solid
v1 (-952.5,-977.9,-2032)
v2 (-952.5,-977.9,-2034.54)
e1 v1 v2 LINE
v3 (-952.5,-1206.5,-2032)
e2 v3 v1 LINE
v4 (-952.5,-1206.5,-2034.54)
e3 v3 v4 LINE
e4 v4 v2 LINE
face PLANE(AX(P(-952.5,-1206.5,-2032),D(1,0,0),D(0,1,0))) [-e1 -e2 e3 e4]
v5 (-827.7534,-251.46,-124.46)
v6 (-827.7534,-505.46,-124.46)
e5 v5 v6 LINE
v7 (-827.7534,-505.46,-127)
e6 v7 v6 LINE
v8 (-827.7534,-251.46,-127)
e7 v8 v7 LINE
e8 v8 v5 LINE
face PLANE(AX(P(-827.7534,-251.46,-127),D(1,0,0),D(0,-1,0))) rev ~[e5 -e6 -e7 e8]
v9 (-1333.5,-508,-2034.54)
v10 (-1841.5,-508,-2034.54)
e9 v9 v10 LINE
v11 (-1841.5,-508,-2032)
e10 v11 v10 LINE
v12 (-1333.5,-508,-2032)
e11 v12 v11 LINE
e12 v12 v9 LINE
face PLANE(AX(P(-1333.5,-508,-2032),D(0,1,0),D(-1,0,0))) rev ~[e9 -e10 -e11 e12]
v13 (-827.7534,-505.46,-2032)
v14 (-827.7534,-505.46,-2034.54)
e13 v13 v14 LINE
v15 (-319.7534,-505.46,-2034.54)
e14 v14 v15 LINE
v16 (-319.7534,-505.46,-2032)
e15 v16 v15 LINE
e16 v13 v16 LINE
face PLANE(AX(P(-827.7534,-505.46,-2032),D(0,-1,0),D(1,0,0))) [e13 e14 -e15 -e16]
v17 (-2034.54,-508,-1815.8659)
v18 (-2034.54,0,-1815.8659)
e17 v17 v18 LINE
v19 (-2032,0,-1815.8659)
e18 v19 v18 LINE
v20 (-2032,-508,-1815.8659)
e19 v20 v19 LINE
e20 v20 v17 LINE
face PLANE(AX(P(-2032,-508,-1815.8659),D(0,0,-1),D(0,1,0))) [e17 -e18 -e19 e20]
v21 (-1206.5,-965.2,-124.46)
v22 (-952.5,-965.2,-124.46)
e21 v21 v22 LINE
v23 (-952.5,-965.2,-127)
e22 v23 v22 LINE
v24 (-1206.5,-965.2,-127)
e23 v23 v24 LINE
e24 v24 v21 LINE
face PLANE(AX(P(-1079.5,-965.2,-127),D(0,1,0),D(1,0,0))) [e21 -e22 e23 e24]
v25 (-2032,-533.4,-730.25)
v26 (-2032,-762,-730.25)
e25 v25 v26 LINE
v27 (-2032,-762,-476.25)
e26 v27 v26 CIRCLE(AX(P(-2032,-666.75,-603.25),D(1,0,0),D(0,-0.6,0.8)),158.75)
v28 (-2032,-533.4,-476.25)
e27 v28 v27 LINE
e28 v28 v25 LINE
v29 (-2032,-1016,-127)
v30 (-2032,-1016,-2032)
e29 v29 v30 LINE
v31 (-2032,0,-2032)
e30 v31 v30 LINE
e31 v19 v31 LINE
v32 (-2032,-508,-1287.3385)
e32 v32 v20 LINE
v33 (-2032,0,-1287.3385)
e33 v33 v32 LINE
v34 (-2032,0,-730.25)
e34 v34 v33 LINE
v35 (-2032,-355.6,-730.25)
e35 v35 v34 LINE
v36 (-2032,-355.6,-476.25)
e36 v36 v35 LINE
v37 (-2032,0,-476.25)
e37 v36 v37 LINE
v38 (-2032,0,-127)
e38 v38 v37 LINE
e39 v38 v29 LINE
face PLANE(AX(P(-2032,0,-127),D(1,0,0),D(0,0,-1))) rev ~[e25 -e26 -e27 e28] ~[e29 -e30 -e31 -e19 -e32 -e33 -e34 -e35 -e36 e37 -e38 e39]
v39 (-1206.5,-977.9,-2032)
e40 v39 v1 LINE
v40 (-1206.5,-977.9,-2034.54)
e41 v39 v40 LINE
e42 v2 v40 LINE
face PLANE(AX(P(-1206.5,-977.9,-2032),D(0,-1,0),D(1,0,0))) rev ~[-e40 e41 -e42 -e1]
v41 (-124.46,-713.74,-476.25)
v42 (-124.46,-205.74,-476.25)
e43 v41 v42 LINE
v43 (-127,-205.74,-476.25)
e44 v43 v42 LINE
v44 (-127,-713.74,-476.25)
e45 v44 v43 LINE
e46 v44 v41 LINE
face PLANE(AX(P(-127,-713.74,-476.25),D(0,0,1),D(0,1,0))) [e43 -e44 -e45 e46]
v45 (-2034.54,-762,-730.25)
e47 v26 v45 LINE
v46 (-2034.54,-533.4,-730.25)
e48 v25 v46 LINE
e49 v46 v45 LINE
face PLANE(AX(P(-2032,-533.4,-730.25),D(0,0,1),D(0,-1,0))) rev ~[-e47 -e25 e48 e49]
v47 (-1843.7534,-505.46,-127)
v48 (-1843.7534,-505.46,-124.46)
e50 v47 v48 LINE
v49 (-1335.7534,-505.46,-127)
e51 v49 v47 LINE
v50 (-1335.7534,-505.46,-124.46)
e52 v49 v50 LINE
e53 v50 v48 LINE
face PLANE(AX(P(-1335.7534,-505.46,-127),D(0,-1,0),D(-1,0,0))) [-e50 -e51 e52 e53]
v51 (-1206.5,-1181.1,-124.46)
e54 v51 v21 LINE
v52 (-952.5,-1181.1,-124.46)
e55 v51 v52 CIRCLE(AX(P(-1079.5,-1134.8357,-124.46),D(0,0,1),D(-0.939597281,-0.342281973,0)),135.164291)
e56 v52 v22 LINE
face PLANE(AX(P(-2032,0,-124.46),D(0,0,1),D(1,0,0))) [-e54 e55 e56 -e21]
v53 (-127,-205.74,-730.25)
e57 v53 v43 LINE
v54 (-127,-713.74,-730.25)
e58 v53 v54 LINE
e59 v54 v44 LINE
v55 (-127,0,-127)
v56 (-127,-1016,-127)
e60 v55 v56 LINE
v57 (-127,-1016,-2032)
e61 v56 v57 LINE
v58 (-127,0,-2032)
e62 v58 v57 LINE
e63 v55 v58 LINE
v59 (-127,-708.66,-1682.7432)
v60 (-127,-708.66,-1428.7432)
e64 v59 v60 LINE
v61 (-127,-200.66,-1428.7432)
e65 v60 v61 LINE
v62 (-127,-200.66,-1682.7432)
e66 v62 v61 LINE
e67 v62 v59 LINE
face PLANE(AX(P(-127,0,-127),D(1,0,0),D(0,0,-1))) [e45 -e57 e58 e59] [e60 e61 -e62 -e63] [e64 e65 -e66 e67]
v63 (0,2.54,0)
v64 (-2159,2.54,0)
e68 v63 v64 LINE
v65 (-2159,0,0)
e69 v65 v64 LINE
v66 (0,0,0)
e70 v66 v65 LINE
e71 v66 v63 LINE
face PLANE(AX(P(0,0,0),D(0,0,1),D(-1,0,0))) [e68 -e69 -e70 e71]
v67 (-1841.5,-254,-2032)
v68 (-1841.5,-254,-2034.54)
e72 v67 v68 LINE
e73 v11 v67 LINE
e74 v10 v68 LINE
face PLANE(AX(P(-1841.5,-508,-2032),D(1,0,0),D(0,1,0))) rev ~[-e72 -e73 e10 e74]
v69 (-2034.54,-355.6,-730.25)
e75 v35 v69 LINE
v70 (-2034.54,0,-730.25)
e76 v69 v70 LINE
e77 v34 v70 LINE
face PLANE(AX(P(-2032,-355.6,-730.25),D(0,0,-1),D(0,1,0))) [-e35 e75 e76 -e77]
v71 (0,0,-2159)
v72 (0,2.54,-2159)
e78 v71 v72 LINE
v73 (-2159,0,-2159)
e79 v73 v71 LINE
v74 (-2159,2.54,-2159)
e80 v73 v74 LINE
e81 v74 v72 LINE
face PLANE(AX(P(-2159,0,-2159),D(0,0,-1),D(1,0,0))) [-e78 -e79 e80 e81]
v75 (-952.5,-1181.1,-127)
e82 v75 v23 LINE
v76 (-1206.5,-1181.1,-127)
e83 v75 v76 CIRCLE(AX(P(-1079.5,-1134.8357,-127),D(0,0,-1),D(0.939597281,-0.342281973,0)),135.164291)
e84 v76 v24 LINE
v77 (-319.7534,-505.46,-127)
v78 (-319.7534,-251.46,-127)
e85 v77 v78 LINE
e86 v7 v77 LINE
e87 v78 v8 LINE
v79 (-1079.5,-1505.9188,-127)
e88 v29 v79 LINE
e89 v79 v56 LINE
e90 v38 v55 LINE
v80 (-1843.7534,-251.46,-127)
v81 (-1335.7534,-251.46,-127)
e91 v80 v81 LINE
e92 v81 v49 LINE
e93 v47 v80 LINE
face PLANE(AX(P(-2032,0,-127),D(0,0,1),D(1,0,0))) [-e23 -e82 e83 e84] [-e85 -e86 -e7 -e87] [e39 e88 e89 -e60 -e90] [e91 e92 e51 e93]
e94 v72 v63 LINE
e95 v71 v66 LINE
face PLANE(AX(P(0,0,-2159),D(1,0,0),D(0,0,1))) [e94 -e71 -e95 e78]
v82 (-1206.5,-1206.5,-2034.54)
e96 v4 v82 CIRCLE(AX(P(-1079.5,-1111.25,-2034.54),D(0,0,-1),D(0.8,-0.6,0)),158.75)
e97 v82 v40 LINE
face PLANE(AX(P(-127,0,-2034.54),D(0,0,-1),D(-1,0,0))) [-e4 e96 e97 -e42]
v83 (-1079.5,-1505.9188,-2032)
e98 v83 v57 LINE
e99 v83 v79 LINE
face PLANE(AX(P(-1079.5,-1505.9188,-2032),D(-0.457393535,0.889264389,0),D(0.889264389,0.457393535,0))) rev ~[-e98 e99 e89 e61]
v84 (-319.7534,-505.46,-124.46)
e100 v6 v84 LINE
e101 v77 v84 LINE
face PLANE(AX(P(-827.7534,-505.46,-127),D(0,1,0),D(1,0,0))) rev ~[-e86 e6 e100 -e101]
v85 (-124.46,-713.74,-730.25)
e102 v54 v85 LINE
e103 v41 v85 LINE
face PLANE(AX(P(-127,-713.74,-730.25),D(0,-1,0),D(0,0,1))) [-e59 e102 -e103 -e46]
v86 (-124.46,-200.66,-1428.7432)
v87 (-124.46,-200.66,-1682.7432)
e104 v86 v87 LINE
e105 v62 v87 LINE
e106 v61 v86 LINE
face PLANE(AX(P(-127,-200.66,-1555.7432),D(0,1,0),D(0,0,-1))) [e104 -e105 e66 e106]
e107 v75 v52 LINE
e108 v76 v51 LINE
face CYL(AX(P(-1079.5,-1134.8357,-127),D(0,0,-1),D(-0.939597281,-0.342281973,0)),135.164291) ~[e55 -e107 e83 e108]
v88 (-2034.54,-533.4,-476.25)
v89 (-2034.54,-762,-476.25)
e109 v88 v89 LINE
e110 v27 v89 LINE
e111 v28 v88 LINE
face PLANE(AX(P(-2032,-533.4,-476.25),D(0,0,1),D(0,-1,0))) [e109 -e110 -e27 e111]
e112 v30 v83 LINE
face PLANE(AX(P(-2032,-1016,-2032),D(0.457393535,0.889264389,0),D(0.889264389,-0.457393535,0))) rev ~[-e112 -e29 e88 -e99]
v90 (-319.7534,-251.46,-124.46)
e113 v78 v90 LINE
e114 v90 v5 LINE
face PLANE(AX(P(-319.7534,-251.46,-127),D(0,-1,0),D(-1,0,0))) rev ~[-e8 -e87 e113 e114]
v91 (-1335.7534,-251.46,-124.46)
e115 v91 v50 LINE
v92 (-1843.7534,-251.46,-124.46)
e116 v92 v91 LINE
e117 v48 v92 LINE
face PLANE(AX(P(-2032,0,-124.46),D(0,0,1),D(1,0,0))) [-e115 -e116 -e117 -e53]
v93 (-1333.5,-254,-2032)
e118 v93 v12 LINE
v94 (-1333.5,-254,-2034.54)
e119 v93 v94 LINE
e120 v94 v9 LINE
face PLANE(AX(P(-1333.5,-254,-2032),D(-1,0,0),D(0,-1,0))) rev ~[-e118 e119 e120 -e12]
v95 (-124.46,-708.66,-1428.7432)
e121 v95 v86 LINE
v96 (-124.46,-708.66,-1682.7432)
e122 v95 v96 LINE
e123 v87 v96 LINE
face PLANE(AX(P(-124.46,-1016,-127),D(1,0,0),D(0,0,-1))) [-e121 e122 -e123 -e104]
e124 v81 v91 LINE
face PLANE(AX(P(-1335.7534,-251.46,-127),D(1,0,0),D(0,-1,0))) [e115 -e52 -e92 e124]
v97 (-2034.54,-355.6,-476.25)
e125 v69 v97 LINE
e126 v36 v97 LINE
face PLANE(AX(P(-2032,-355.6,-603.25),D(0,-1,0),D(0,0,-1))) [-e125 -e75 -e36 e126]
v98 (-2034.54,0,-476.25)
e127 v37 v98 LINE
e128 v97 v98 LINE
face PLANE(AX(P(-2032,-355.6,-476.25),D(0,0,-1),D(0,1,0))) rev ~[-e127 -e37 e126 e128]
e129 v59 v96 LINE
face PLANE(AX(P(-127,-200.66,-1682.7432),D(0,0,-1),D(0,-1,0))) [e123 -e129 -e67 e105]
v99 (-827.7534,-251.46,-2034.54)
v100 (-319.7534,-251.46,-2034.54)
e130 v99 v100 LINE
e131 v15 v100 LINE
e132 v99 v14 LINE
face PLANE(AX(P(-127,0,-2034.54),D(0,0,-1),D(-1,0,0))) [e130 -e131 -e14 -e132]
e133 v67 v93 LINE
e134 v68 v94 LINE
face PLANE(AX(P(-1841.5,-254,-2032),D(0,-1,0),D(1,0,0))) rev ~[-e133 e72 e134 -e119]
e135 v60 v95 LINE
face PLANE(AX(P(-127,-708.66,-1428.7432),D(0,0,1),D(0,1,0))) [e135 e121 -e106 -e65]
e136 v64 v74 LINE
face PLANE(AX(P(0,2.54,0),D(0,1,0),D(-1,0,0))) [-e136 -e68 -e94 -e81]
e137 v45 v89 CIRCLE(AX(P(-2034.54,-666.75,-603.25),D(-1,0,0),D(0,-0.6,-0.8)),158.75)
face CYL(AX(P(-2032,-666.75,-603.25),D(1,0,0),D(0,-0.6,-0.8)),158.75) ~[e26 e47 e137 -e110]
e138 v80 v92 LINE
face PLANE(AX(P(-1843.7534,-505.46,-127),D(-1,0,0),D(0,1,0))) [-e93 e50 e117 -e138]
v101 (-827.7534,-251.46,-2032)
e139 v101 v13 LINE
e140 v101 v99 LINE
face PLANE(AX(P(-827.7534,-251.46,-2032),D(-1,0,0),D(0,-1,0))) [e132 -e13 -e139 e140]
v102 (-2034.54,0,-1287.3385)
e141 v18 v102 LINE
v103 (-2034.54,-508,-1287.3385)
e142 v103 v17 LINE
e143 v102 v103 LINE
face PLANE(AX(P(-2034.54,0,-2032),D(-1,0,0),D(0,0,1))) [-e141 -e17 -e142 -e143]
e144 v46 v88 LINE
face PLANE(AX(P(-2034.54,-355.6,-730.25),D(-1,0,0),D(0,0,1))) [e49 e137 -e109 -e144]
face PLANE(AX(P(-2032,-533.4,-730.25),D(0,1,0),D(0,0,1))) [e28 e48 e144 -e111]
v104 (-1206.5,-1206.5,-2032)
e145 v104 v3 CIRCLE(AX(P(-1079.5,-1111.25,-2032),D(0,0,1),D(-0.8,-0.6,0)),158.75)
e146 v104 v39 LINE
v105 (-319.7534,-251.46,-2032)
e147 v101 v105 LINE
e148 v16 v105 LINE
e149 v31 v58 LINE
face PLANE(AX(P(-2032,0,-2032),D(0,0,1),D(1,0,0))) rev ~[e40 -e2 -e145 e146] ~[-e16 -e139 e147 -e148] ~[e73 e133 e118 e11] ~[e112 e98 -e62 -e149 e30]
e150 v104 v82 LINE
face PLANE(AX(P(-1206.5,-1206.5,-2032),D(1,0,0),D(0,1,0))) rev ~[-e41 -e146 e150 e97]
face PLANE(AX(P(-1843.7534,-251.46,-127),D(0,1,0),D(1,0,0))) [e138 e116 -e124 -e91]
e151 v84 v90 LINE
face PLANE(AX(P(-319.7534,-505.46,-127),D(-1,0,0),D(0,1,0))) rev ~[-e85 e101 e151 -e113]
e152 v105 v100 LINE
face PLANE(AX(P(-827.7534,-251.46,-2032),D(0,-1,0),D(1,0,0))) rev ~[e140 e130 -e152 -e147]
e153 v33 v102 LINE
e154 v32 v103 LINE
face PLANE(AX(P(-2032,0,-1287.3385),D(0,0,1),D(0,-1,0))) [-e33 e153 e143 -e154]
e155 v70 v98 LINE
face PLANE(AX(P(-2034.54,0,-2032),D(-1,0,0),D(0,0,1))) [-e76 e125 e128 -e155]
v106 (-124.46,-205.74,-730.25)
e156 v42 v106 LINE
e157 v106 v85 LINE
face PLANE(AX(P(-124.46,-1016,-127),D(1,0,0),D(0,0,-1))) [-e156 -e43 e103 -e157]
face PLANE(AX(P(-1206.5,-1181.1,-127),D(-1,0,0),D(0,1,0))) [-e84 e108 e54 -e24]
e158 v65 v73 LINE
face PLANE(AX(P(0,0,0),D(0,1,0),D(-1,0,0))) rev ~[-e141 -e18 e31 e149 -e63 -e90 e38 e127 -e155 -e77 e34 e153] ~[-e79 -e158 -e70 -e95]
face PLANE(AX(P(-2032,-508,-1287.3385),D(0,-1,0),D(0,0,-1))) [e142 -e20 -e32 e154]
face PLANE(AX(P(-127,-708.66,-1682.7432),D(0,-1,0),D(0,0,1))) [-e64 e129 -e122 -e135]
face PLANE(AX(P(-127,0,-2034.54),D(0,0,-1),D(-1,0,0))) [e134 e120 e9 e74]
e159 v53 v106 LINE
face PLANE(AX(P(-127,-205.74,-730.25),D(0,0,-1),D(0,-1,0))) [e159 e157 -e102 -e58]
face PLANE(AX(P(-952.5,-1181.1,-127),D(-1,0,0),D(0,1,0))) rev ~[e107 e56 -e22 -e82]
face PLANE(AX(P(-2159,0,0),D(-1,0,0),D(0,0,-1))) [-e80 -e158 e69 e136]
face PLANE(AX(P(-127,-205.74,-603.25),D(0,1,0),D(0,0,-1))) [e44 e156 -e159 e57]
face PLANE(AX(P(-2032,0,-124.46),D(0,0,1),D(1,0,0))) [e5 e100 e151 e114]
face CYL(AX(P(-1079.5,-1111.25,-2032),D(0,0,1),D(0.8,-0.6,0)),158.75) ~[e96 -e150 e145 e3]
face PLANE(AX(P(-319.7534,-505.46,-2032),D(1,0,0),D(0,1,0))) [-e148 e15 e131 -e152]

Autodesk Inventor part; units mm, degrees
ref_plane "YZ Plane" through (0, 0, 0) normal (1, 0, 0) x (0, 1, 0)
ref_plane "XZ Plane" through (0, 0, 0) normal (0, 1, 0) x (-1, 0, 0)
ref_plane "XY Plane" through (0, 0, 0) normal (0, 0, 1) x (1, 0, 0)
sketch "Sketch2" plane through (0, 0, 0) normal (0, 1, 0) x (-1, 0, 0)
  line L0 (0, 0) -> (2159, 0)
  line L1 (2159, 0) -> (2159, -2159)
  line L2 (2159, -2159) -> (0, -2159)
  line L3 (0, -2159) -> (0, 0)
  dimension "d3" = 2159
  dimension "d4" = 2159
  dimension "d5" = 2159
  dimension "d6" = 2159
sketch "Sketch4" plane through (0, 0, 0) normal (0, 1, 0) x (-1, 0, 0)
  line L0 (0, 0) -> (0, -127)
  line L1 (2032, -127) -> (2032, -2032)
  line L2 (2032, -127) -> (127, -127)
  line L3 (127, -127) -> (127, -2032)
  line L4 (2032, -2032) -> (127, -2032)
  dimension "d16" = 127
  dimension "d17" = 2032
  dimension "d18" = 1905
  dimension "d20" = 1905
  dimension "d21" = 1905
extrude "Extrusion3" add sketch "Sketch4" against normal blind 1016
sketch "Sketch5" plane through (-127, 0, -2032) normal (0, 0, -1) x (-1, 0, 0)
  point P0 (-127, 0)
sketch "Sketch6" plane through (-2032, 0, -2032) normal (-1, 0, 0) x (0, 0, 1)
  line L0 (0, 0) -> (952.5, 0)
  line L1 (1905, 0) -> (0, 0) projected
  line L2 (952.5, 0) -> (952.5, -1016)
  line L3 (1905, -1016) -> (0, -1016) projected
  line L4 (952.5, 0) -> (1428.75, 0)
  line L5 (1428.75, 0) -> (1428.75, -355.6)
  line L6 (744.6615, 0) -> (744.6615, -508)
  line L7 (744.6615, -508) -> (216.1341, -508)
  line L8 (216.1341, -508) -> (216.1341, 0)
  line L9 (1428.75, -355.6) -> (1301.75, -355.6)
  line L10 (1301.75, -355.6) -> (1301.75, 0)
  line L11 (1428.75, -355.6) -> (1555.75, -355.6)
  line L12 (1555.75, -355.6) -> (1555.75, 0)
  point P0 (2032, 0)
  dimension "d24" = 476.25
  dimension "d25" = 355.6
  dimension "d26" = 127
  dimension "d27" = 127
extrude "Extrusion4" add sketch "Sketch6" along normal blind 2.54 contours L1 L5 L9 L10 | L1 L12 L11 L5
extrude "Extrusion5" add sketch "Sketch6" along normal blind 2.54 contours L0 L6 L7 L8
sketch "Sketch7" plane through (-127, 0, -2032) normal (0, 0, -1) x (-1, 0, 0)
  line L0 (1905, 0) -> (1905, -1016) projected
  line L1 (1905, 0) -> (0, 0) projected
  line L2 (952.5, 0) -> (952.5, -2181.7197)
  line L3 (1905, -1016) -> (952.5, -1505.9188)
  line L4 (1905, -1016) -> (0, -1016) projected
  line L5 (952.5, -1505.9188) -> (0, -1016)
  line L6 (1905, -1016) -> (0, -1016)
  point P0 (-127, 0)
extrude "Extrusion6" add sketch "Sketch7" against normal blind 1905 contours L3 L2 L4 | L5 L4 L2
extrude "Extrusion7" add sketch "Sketch2" along normal blind 2.54
sketch "Sketch9" plane through (-2032, 0, -127) normal (0, 0, 1) x (1, 0, 0)
  line L0 (-127, 2.54) -> (2032, 2.54) projected
  line L1 (-2.2534, 2.54) -> (950.2466, 2.54)
  line L2 (950.2466, 2.54) -> (950.2466, -864.9635)
  line L3 (950.2466, 2.54) -> (950.2466, -251.46)
  line L4 (950.2466, -251.46) -> (950.2466, -505.46)
  line L5 (696.2466, -251.46) -> (696.2466, -505.46)
  line L6 (696.2466, -505.46) -> (188.2466, -505.46)
  line L7 (188.2466, -505.46) -> (188.2466, -251.46)
  line L8 (188.2466, -251.46) -> (696.2466, -251.46)
  line L9 (1204.2466, -251.46) -> (1204.2466, -505.46)
  line L10 (1204.2466, -505.46) -> (1712.2466, -505.46)
  line L11 (1712.2466, -505.46) -> (1712.2466, -251.46)
  line L12 (1712.2466, -251.46) -> (1204.2466, -251.46)
  point P0 (2032, 0)
  dimension "d40" = 952.5
  dimension "d41" = 254
  dimension "d46" = 254
  dimension "d47" = 508
  dimension "d48" = 254
  dimension "d49" = 254
  dimension "d51" = 508
  dimension "d52" = 254
extrude "Extrusion8" add sketch "Sketch9" along normal blind 2.54
sketch "Sketch10" plane through (-2032, 0, -127) normal (0, 0, 1) x (1, 0, 0)
  line L0 (0, 0) -> (0, -355.6) projected
  line L1 (0, 0) -> (952.5, 0)
  line L2 (1905, 0) -> (0, 0) projected
  line L3 (952.5, 0) -> (952.5, -1143)
  line L4 (952.5, -1143) -> (952.5, -1270)
  line L5 (825.5, -965.2) -> (1079.5, -965.2)
  arc A0 (825.5, -1181.1) -> (1079.5, -1181.1) centre (952.5, -1134.8357) ccw
  line L6 (1079.5, -1181.1) -> (1079.5, -965.2)
  line L7 (825.5, -1181.1) -> (825.5, -965.2)
  point P0 (2032, 0)
  dimension "d55" = 952.5
  dimension "d56" = 1143
  dimension "d58" = 127
extrude "Extrusion9" add sketch "Sketch10" along normal blind 2.54
sketch "Sketch11" plane through (-127, -1016, -127) normal (1, 0, 0) x (0, 0, -1)
  line L0 (0, 1016) -> (349.25, 1016) projected
  line L1 (0, 1016) -> (476.25, 1016)
  line L2 (476.25, 1016) -> (952.5, 1016)
  line L3 (952.5, 1016) -> (1428.7432, 1018.54)
  line L4 (2032, 1018.54) -> (-127, 1018.54) projected
  line L5 (1905, 1016) -> (1905, 0) projected
  line L6 (1428.7432, 1018.54) -> (1905, 1016)
  line L7 (1428.7432, 1018.54) -> (1428.7432, 0)
  line L8 (952.5, 1016) -> (952.5, 0)
  line L9 (476.25, 1016) -> (476.25, 0)
  line L10 (1428.7432, 1018.54) -> (1428.7432, 815.34)
  line L11 (1428.7432, 815.34) -> (1555.7432, 815.34)
  line L12 (1555.7432, 815.34) -> (1555.7432, 307.34)
  line L13 (1555.7432, 307.34) -> (1301.7432, 307.34)
  line L14 (1301.7432, 307.34) -> (1301.7432, 815.34)
  line L15 (1428.7432, 815.34) -> (1301.7432, 815.34)
  line L16 (476.25, 1013.46) -> (476.25, 810.26)
  line L17 (476.25, 810.26) -> (603.25, 810.26)
  line L18 (603.25, 810.26) -> (603.25, 302.26)
  line L19 (603.25, 302.26) -> (349.25, 302.26)
  line L20 (476.25, 810.26) -> (349.25, 810.26)
  line L21 (-127, 1016) -> (-127, 1018.54) projected
  line L22 (349.25, 302.26) -> (349.25, 810.26)
  dimension "d66" = 476.25
  dimension "d67" = 476.25
  dimension "d68" = 476.25
  dimension "d70" = 127
  dimension "d74" = 254
  dimension "d75" = 508
  dimension "d76" = 203.2
  dimension "d77" = 127
  dimension "d78" = 508
  dimension "d79" = 254
  dimension "d80" = 127
extrude "Extrusion10" add sketch "Sketch11" along normal blind 2.54
sketch "Sketch13" plane through (-127, 0, -2032) normal (0, 0, -1) x (-1, 0, 0)
  line L0 (1905, 0) -> (952.5, 0)
  line L1 (1905, 0) -> (0, 0) projected
  line L2 (700.7534, -251.46) -> (700.7534, -505.46) projected
  line L3 (700.7534, -251.46) -> (700.7534, -505.46)
  line L4 (700.7534, -505.46) -> (192.7534, -505.46)
  line L5 (192.7534, -505.46) -> (192.7534, -251.46)
  line L6 (700.7534, -251.46) -> (192.7534, -251.46)
  line L7 (1206.5, -254) -> (1206.5, -508)
  line L8 (1206.5, -508) -> (1714.5, -508)
  line L9 (1714.5, -508) -> (1714.5, -254)
  line L10 (1714.5, -254) -> (1206.5, -254)
  line L11 (952.5, 0) -> (952.5, -1270)
  line L12 (952.5, -1270) -> (1079.5, -1270)
  line L13 (1079.5, -1270) -> (1079.5, -977.9)
  line L14 (952.5, -1270) -> (825.5, -1270)
  line L15 (825.5, -1270) -> (825.5, -977.9)
  line L16 (1079.5, -977.9) -> (825.5, -977.9)
  line L17 (1079.5, -1270) -> (1079.5, -1206.5)
  line L18 (825.5, -1270) -> (825.5, -1206.5)
  arc A0 (825.5, -1206.5) -> (1079.5, -1206.5) centre (952.5, -1111.25) ccw
  point P0 (-127, 0)
  dimension "d83" = 952.5
  dimension "d87" = 508
  dimension "d88" = 254
  dimension "d89" = 254
  dimension "d90" = 508
  dimension "d91" = 254
  dimension "d92" = 1270
  dimension "d93" = 127
  dimension "d94" = 292.1
  dimension "d95" = 127
  dimension "d96" = 292.1
  dimension "d98" = 63.5
  dimension "d99" = 63.5
extrude "Extrusion11" add sketch "Sketch13" along normal blind 2.54 contours L2 L4 L5 L6 | L10 L9 L8 L7 | L16 L13 A0 L11 | L11 A0 L15 L16
sketch "Sketch14" plane through (-2032, -355.6, -730.25) normal (-1, 0, 0) x (0, 0, 1)
  line L0 (-1301.75, 355.6) -> (603.25, 355.6) projected
  line L1 (-349.25, 355.6) -> (-349.25, -406.4)
  line L2 (0, 0) -> (254, 0) projected
  line L3 (0, -177.8) -> (-349.25, -177.8)
  line L4 (0, -177.8) -> (0, -406.4)
  line L5 (0, -177.8) -> (254, -177.8)
  line L6 (254, -177.8) -> (254, -406.4)
  line L7 (127, -177.8) -> (127, -469.9)
  arc A0 (0, -406.4) -> (254, -406.4) centre (127, -311.15) ccw
  point P0 (730.25, 355.6)
  dimension "d102" = 762
  dimension "d109" = 228.6
  dimension "d110" = 254
  dimension "d111" = 228.6
  dimension "d112" = 292.1
extrude "Extrusion12" add sketch "Sketch14" along normal blind 2.54
properties part number "Parthouer"
